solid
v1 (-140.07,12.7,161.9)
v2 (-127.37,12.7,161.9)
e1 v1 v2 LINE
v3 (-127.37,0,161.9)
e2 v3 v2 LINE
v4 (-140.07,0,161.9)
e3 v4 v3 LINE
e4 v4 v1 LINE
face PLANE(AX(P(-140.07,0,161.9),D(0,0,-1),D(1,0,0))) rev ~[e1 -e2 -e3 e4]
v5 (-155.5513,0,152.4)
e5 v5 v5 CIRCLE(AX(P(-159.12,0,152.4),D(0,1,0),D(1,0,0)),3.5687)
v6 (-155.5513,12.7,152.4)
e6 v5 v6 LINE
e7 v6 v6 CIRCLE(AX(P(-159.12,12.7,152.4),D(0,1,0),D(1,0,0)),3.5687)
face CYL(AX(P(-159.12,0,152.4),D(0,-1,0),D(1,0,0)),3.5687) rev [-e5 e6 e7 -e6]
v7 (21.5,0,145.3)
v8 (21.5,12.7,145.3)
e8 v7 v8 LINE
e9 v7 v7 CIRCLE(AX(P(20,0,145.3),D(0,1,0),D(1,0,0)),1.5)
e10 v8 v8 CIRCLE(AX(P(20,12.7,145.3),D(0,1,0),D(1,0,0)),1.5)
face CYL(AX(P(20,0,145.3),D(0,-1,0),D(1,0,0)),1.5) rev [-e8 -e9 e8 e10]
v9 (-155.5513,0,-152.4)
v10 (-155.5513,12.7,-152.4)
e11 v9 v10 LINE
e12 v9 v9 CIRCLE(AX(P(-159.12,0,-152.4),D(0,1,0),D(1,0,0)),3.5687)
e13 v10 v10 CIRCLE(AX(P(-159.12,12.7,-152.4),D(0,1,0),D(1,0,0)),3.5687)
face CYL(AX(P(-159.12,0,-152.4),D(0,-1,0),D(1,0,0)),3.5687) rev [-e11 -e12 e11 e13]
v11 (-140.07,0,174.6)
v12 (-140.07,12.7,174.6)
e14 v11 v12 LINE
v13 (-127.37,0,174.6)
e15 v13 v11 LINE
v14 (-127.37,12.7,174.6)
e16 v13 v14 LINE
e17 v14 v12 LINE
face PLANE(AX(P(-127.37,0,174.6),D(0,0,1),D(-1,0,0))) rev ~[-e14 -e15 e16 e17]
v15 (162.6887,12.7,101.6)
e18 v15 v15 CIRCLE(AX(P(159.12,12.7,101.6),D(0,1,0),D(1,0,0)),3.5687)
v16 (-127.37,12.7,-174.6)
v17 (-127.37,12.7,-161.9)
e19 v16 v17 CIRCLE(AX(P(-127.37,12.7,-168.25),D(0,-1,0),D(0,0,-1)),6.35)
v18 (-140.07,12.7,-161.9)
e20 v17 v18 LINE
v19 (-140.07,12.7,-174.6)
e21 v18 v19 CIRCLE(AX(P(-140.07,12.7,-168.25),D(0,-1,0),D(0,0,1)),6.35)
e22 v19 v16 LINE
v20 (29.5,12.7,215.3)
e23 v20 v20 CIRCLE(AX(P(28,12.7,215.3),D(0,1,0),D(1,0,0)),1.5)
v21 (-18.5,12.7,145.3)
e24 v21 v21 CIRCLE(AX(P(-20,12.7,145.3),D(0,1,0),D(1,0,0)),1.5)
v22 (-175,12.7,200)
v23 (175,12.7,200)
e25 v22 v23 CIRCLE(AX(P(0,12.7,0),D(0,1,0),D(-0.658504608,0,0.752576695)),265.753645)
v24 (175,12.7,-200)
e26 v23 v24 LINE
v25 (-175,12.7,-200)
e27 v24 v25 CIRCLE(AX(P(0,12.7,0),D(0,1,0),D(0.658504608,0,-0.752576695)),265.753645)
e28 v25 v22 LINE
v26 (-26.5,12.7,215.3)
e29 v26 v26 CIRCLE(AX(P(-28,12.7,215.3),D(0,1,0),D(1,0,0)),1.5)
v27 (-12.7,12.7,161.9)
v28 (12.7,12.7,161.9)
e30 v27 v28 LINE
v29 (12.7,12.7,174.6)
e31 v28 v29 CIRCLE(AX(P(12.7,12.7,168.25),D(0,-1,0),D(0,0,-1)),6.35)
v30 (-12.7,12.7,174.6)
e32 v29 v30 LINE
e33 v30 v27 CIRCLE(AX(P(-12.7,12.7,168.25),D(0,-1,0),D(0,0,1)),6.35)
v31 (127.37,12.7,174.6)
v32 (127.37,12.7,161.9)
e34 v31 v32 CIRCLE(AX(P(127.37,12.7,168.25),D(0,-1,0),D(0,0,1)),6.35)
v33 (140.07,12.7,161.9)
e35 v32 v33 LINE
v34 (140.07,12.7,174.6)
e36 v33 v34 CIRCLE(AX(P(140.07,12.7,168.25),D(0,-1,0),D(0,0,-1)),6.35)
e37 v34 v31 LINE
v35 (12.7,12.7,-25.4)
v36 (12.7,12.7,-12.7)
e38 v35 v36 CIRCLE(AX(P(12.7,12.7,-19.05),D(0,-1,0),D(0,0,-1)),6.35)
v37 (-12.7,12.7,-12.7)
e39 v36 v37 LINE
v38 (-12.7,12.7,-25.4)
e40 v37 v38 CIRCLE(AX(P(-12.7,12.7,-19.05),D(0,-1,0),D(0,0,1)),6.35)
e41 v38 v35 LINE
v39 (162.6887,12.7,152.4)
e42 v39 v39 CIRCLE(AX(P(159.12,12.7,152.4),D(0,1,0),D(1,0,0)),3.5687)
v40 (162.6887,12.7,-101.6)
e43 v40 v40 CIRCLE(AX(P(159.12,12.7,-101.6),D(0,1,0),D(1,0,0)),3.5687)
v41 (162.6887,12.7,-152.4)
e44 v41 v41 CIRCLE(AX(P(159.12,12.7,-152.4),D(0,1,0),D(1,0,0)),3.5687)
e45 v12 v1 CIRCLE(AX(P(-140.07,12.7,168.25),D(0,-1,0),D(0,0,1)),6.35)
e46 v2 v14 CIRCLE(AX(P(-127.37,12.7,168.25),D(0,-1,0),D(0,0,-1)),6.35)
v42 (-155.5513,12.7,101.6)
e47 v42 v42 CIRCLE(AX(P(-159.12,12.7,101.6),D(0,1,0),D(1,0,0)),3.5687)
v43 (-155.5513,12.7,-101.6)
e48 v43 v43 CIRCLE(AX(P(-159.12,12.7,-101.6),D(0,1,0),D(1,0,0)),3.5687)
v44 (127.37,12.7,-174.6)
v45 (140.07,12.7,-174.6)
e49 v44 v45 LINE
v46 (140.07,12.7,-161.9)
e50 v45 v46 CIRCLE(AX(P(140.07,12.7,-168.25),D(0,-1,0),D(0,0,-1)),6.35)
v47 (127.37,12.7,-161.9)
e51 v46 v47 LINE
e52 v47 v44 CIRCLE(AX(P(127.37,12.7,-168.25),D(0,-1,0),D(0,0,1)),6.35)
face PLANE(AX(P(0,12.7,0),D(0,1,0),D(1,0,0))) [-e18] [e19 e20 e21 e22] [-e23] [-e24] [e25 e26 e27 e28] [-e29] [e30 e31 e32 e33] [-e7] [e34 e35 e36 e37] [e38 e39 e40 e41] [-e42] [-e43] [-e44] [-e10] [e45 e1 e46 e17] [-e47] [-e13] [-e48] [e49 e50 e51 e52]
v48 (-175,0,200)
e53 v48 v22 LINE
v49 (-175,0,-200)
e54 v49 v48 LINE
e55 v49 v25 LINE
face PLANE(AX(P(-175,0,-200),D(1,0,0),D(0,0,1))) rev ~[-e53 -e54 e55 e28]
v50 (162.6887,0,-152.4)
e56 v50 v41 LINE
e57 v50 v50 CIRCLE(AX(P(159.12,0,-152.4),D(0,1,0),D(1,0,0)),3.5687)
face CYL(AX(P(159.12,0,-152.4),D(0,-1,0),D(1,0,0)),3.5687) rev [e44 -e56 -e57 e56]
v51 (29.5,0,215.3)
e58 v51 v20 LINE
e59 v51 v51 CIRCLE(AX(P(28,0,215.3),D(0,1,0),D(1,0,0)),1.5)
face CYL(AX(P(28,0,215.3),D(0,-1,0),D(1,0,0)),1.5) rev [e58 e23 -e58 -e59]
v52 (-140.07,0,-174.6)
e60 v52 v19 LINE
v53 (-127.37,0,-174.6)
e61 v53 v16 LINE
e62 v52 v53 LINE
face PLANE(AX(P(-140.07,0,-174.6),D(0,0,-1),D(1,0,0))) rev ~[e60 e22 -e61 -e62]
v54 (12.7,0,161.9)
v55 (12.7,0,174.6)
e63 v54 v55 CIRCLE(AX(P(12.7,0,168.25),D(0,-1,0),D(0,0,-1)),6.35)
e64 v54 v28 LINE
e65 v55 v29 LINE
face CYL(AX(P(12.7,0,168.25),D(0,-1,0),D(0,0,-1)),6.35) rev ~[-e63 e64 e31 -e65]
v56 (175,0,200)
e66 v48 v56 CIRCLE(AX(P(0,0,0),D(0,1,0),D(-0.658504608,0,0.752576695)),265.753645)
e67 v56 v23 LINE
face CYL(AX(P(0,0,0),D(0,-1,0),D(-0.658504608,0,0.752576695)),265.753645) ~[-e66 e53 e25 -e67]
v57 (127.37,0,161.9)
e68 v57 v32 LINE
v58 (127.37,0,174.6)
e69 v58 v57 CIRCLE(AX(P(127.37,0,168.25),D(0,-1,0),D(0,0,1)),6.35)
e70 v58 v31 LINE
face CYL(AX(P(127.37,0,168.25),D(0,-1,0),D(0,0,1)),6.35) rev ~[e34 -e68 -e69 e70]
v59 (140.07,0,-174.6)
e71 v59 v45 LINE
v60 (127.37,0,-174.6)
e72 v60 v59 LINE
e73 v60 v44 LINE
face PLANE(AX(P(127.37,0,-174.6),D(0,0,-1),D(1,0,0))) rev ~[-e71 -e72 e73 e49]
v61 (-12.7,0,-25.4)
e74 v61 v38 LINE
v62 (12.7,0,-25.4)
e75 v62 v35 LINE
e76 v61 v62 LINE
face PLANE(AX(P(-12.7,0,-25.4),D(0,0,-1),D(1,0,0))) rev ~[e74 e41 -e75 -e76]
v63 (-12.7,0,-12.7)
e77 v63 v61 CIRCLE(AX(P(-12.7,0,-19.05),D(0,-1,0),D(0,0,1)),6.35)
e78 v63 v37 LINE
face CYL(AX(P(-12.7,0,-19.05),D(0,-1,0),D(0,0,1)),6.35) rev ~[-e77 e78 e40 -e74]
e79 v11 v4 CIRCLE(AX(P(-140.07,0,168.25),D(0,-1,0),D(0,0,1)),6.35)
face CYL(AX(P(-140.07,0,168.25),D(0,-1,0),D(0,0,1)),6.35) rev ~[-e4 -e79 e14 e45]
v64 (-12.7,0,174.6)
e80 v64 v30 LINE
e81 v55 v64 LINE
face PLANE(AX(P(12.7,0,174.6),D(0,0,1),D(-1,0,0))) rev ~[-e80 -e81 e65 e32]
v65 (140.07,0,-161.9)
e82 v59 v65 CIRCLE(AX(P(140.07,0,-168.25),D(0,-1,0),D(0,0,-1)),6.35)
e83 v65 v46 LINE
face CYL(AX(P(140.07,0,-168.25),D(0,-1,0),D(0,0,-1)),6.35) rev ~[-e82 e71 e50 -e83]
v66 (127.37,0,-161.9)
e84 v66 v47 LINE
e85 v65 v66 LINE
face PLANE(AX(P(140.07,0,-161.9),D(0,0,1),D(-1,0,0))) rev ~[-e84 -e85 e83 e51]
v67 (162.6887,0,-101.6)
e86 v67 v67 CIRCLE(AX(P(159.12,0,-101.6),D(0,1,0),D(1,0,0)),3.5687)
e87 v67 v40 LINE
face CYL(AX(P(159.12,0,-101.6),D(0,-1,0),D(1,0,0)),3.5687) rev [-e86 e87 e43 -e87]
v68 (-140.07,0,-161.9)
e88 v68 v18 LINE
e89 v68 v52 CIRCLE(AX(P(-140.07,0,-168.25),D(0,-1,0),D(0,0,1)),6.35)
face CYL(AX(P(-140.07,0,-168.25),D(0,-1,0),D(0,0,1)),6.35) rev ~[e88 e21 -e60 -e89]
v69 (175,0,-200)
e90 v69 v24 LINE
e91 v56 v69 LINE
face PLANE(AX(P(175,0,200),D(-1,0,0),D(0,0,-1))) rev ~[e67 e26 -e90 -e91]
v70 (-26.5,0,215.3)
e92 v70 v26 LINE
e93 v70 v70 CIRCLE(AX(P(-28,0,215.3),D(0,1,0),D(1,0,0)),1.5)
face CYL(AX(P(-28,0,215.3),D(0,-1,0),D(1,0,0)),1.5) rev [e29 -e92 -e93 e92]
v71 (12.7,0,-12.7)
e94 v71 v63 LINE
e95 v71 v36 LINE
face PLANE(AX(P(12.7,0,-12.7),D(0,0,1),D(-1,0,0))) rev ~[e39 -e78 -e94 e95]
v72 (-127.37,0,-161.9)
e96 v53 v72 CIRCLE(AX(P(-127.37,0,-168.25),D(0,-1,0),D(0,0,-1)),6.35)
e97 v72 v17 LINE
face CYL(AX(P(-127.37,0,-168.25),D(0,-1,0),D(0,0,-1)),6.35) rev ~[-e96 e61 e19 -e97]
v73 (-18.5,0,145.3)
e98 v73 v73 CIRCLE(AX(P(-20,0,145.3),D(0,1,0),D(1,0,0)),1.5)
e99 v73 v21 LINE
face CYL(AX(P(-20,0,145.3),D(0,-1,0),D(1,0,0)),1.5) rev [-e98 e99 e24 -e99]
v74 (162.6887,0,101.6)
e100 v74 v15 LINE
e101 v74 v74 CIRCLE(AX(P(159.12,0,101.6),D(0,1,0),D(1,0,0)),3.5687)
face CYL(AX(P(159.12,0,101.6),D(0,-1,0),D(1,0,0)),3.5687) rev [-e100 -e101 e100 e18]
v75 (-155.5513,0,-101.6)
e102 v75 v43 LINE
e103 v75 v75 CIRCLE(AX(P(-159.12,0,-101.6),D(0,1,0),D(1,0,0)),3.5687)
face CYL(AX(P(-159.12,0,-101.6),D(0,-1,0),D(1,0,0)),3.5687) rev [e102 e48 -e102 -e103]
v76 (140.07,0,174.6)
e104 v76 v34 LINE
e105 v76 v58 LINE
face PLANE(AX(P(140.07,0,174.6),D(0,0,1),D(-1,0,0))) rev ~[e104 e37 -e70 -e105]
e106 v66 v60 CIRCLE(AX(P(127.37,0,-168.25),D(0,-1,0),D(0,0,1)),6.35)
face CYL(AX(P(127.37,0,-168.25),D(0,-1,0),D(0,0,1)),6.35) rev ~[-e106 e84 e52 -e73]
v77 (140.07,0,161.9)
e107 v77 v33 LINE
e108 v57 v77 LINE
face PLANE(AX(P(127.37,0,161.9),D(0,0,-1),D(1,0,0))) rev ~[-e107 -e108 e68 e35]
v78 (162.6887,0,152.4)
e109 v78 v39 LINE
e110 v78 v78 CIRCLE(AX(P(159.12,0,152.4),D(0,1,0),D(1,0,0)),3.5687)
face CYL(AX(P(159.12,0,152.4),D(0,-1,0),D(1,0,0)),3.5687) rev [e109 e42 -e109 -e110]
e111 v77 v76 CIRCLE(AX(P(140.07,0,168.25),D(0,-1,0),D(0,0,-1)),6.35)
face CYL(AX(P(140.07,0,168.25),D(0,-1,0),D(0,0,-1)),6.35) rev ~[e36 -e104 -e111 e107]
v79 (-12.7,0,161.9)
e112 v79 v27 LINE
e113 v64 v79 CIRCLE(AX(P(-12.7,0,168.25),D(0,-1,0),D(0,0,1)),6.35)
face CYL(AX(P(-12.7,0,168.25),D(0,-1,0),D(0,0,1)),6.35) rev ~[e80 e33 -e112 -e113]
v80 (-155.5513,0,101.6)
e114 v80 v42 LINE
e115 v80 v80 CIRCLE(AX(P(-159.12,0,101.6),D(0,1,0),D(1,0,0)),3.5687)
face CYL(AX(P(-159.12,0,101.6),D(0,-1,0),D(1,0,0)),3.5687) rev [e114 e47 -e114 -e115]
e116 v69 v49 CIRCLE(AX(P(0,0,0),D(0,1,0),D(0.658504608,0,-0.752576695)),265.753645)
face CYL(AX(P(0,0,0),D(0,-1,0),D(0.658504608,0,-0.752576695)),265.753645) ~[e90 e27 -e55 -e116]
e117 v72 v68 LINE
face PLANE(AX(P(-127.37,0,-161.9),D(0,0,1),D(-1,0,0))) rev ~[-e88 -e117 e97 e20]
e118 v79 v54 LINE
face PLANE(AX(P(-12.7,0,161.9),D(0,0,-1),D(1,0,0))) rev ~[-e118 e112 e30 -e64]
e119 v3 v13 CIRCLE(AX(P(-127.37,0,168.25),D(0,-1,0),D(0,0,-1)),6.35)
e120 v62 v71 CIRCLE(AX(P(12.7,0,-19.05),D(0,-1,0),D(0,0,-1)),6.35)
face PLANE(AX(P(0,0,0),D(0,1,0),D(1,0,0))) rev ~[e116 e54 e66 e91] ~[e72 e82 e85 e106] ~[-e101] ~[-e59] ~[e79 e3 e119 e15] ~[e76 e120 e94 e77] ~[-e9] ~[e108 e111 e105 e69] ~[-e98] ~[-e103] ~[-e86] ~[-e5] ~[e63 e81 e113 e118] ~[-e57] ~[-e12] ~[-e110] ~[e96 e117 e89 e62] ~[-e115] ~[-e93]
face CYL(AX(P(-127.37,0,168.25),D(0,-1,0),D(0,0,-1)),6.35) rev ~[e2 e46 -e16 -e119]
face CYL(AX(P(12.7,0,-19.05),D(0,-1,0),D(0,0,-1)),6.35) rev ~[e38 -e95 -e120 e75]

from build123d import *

# Parameters (mm, degrees)
SKETCH1_R           = 1.5
SKETCH1_R_2         = 3.5687
BOSS_EXTRUDE1_DEPTH = 12.7


with BuildPart() as part:
    # Sketch1 → Boss-Extrude1 (new body)
    with BuildSketch(Plane(origin=(0, 0, 0), x_dir=(1, 0, 0), z_dir=(0, 1, 0))):
        with BuildLine():
            Line((175, -200), (175, 200))
            ThreePointArc((175, 200), (0, 265.753645318), (-175, 200))
            Line((-175, 200), (-175, -200))
            ThreePointArc((-175, -200), (0, -265.753645318), (175, -200))
        make_face()
        with Locations((20, -145.3)):
            Circle(SKETCH1_R, mode=Mode.SUBTRACT)
        with Locations((-20, -145.3)):
            Circle(SKETCH1_R, mode=Mode.SUBTRACT)
        with Locations((28, -215.3)):
            Circle(SKETCH1_R, mode=Mode.SUBTRACT)
        with Locations((-28, -215.3)):
            Circle(SKETCH1_R, mode=Mode.SUBTRACT)
        with Locations((-159.12, -101.6)):
            Circle(SKETCH1_R_2, mode=Mode.SUBTRACT)
        with Locations((-159.12, -152.4)):
            Circle(SKETCH1_R_2, mode=Mode.SUBTRACT)
        with Locations((-159.12, 152.4)):
            Circle(SKETCH1_R_2, mode=Mode.SUBTRACT)
        with Locations((-159.12, 101.6)):
            Circle(SKETCH1_R_2, mode=Mode.SUBTRACT)
        with Locations((159.12, -152.4)):
            Circle(SKETCH1_R_2, mode=Mode.SUBTRACT)
        with Locations((159.12, -101.6)):
            Circle(SKETCH1_R_2, mode=Mode.SUBTRACT)
        with Locations((159.12, 101.6)):
            Circle(SKETCH1_R_2, mode=Mode.SUBTRACT)
        with Locations((159.12, 152.4)):
            Circle(SKETCH1_R_2, mode=Mode.SUBTRACT)
        with BuildLine():
            Line((-12.7, -161.9), (12.7, -161.9))
            ThreePointArc((12.7, -161.9), (19.05, -168.25), (12.7, -174.6))
            Line((12.7, -174.6), (-12.7, -174.6))
            ThreePointArc((-12.7, -174.6), (-19.05, -168.25), (-12.7, -161.9))
        make_face(mode=Mode.SUBTRACT)
        with BuildLine():
            Line((-140.07, -161.9), (-127.37, -161.9))
            ThreePointArc((-127.37, -161.9), (-121.02, -168.25), (-127.37, -174.6))
            Line((-127.37, -174.6), (-140.07, -174.6))
            ThreePointArc((-140.07, -174.6), (-146.42, -168.25), (-140.07, -161.9))
        make_face(mode=Mode.SUBTRACT)
        with BuildLine():
            Line((127.37, -161.9), (140.07, -161.9))
            ThreePointArc((140.07, -161.9), (146.42, -168.25), (140.07, -174.6))
            Line((140.07, -174.6), (127.37, -174.6))
            ThreePointArc((127.37, -174.6), (121.02, -168.25), (127.37, -161.9))
        make_face(mode=Mode.SUBTRACT)
        with BuildLine():
            Line((-140.07, 174.6), (-127.37, 174.6))
            ThreePointArc((-127.37, 174.6), (-121.02, 168.25), (-127.37, 161.9))
            Line((-127.37, 161.9), (-140.07, 161.9))
            ThreePointArc((-140.07, 161.9), (-146.42, 168.25), (-140.07, 174.6))
        make_face(mode=Mode.SUBTRACT)
        with BuildLine():
            Line((127.37, 174.6), (140.07, 174.6))
            ThreePointArc((140.07, 174.6), (146.42, 168.25), (140.07, 161.9))
            Line((140.07, 161.9), (127.37, 161.9))
            ThreePointArc((127.37, 161.9), (121.02, 168.25), (127.37, 174.6))
        make_face(mode=Mode.SUBTRACT)
        with BuildLine():
            Line((-12.7, 25.4), (12.7, 25.4))
            ThreePointArc((12.7, 25.4), (19.05, 19.05), (12.7, 12.7))
            Line((12.7, 12.7), (-12.7, 12.7))
            ThreePointArc((-12.7, 12.7), (-19.05, 19.05), (-12.7, 25.4))
        make_face(mode=Mode.SUBTRACT)
    extrude(amount=BOSS_EXTRUDE1_DEPTH)


solid = part.part
